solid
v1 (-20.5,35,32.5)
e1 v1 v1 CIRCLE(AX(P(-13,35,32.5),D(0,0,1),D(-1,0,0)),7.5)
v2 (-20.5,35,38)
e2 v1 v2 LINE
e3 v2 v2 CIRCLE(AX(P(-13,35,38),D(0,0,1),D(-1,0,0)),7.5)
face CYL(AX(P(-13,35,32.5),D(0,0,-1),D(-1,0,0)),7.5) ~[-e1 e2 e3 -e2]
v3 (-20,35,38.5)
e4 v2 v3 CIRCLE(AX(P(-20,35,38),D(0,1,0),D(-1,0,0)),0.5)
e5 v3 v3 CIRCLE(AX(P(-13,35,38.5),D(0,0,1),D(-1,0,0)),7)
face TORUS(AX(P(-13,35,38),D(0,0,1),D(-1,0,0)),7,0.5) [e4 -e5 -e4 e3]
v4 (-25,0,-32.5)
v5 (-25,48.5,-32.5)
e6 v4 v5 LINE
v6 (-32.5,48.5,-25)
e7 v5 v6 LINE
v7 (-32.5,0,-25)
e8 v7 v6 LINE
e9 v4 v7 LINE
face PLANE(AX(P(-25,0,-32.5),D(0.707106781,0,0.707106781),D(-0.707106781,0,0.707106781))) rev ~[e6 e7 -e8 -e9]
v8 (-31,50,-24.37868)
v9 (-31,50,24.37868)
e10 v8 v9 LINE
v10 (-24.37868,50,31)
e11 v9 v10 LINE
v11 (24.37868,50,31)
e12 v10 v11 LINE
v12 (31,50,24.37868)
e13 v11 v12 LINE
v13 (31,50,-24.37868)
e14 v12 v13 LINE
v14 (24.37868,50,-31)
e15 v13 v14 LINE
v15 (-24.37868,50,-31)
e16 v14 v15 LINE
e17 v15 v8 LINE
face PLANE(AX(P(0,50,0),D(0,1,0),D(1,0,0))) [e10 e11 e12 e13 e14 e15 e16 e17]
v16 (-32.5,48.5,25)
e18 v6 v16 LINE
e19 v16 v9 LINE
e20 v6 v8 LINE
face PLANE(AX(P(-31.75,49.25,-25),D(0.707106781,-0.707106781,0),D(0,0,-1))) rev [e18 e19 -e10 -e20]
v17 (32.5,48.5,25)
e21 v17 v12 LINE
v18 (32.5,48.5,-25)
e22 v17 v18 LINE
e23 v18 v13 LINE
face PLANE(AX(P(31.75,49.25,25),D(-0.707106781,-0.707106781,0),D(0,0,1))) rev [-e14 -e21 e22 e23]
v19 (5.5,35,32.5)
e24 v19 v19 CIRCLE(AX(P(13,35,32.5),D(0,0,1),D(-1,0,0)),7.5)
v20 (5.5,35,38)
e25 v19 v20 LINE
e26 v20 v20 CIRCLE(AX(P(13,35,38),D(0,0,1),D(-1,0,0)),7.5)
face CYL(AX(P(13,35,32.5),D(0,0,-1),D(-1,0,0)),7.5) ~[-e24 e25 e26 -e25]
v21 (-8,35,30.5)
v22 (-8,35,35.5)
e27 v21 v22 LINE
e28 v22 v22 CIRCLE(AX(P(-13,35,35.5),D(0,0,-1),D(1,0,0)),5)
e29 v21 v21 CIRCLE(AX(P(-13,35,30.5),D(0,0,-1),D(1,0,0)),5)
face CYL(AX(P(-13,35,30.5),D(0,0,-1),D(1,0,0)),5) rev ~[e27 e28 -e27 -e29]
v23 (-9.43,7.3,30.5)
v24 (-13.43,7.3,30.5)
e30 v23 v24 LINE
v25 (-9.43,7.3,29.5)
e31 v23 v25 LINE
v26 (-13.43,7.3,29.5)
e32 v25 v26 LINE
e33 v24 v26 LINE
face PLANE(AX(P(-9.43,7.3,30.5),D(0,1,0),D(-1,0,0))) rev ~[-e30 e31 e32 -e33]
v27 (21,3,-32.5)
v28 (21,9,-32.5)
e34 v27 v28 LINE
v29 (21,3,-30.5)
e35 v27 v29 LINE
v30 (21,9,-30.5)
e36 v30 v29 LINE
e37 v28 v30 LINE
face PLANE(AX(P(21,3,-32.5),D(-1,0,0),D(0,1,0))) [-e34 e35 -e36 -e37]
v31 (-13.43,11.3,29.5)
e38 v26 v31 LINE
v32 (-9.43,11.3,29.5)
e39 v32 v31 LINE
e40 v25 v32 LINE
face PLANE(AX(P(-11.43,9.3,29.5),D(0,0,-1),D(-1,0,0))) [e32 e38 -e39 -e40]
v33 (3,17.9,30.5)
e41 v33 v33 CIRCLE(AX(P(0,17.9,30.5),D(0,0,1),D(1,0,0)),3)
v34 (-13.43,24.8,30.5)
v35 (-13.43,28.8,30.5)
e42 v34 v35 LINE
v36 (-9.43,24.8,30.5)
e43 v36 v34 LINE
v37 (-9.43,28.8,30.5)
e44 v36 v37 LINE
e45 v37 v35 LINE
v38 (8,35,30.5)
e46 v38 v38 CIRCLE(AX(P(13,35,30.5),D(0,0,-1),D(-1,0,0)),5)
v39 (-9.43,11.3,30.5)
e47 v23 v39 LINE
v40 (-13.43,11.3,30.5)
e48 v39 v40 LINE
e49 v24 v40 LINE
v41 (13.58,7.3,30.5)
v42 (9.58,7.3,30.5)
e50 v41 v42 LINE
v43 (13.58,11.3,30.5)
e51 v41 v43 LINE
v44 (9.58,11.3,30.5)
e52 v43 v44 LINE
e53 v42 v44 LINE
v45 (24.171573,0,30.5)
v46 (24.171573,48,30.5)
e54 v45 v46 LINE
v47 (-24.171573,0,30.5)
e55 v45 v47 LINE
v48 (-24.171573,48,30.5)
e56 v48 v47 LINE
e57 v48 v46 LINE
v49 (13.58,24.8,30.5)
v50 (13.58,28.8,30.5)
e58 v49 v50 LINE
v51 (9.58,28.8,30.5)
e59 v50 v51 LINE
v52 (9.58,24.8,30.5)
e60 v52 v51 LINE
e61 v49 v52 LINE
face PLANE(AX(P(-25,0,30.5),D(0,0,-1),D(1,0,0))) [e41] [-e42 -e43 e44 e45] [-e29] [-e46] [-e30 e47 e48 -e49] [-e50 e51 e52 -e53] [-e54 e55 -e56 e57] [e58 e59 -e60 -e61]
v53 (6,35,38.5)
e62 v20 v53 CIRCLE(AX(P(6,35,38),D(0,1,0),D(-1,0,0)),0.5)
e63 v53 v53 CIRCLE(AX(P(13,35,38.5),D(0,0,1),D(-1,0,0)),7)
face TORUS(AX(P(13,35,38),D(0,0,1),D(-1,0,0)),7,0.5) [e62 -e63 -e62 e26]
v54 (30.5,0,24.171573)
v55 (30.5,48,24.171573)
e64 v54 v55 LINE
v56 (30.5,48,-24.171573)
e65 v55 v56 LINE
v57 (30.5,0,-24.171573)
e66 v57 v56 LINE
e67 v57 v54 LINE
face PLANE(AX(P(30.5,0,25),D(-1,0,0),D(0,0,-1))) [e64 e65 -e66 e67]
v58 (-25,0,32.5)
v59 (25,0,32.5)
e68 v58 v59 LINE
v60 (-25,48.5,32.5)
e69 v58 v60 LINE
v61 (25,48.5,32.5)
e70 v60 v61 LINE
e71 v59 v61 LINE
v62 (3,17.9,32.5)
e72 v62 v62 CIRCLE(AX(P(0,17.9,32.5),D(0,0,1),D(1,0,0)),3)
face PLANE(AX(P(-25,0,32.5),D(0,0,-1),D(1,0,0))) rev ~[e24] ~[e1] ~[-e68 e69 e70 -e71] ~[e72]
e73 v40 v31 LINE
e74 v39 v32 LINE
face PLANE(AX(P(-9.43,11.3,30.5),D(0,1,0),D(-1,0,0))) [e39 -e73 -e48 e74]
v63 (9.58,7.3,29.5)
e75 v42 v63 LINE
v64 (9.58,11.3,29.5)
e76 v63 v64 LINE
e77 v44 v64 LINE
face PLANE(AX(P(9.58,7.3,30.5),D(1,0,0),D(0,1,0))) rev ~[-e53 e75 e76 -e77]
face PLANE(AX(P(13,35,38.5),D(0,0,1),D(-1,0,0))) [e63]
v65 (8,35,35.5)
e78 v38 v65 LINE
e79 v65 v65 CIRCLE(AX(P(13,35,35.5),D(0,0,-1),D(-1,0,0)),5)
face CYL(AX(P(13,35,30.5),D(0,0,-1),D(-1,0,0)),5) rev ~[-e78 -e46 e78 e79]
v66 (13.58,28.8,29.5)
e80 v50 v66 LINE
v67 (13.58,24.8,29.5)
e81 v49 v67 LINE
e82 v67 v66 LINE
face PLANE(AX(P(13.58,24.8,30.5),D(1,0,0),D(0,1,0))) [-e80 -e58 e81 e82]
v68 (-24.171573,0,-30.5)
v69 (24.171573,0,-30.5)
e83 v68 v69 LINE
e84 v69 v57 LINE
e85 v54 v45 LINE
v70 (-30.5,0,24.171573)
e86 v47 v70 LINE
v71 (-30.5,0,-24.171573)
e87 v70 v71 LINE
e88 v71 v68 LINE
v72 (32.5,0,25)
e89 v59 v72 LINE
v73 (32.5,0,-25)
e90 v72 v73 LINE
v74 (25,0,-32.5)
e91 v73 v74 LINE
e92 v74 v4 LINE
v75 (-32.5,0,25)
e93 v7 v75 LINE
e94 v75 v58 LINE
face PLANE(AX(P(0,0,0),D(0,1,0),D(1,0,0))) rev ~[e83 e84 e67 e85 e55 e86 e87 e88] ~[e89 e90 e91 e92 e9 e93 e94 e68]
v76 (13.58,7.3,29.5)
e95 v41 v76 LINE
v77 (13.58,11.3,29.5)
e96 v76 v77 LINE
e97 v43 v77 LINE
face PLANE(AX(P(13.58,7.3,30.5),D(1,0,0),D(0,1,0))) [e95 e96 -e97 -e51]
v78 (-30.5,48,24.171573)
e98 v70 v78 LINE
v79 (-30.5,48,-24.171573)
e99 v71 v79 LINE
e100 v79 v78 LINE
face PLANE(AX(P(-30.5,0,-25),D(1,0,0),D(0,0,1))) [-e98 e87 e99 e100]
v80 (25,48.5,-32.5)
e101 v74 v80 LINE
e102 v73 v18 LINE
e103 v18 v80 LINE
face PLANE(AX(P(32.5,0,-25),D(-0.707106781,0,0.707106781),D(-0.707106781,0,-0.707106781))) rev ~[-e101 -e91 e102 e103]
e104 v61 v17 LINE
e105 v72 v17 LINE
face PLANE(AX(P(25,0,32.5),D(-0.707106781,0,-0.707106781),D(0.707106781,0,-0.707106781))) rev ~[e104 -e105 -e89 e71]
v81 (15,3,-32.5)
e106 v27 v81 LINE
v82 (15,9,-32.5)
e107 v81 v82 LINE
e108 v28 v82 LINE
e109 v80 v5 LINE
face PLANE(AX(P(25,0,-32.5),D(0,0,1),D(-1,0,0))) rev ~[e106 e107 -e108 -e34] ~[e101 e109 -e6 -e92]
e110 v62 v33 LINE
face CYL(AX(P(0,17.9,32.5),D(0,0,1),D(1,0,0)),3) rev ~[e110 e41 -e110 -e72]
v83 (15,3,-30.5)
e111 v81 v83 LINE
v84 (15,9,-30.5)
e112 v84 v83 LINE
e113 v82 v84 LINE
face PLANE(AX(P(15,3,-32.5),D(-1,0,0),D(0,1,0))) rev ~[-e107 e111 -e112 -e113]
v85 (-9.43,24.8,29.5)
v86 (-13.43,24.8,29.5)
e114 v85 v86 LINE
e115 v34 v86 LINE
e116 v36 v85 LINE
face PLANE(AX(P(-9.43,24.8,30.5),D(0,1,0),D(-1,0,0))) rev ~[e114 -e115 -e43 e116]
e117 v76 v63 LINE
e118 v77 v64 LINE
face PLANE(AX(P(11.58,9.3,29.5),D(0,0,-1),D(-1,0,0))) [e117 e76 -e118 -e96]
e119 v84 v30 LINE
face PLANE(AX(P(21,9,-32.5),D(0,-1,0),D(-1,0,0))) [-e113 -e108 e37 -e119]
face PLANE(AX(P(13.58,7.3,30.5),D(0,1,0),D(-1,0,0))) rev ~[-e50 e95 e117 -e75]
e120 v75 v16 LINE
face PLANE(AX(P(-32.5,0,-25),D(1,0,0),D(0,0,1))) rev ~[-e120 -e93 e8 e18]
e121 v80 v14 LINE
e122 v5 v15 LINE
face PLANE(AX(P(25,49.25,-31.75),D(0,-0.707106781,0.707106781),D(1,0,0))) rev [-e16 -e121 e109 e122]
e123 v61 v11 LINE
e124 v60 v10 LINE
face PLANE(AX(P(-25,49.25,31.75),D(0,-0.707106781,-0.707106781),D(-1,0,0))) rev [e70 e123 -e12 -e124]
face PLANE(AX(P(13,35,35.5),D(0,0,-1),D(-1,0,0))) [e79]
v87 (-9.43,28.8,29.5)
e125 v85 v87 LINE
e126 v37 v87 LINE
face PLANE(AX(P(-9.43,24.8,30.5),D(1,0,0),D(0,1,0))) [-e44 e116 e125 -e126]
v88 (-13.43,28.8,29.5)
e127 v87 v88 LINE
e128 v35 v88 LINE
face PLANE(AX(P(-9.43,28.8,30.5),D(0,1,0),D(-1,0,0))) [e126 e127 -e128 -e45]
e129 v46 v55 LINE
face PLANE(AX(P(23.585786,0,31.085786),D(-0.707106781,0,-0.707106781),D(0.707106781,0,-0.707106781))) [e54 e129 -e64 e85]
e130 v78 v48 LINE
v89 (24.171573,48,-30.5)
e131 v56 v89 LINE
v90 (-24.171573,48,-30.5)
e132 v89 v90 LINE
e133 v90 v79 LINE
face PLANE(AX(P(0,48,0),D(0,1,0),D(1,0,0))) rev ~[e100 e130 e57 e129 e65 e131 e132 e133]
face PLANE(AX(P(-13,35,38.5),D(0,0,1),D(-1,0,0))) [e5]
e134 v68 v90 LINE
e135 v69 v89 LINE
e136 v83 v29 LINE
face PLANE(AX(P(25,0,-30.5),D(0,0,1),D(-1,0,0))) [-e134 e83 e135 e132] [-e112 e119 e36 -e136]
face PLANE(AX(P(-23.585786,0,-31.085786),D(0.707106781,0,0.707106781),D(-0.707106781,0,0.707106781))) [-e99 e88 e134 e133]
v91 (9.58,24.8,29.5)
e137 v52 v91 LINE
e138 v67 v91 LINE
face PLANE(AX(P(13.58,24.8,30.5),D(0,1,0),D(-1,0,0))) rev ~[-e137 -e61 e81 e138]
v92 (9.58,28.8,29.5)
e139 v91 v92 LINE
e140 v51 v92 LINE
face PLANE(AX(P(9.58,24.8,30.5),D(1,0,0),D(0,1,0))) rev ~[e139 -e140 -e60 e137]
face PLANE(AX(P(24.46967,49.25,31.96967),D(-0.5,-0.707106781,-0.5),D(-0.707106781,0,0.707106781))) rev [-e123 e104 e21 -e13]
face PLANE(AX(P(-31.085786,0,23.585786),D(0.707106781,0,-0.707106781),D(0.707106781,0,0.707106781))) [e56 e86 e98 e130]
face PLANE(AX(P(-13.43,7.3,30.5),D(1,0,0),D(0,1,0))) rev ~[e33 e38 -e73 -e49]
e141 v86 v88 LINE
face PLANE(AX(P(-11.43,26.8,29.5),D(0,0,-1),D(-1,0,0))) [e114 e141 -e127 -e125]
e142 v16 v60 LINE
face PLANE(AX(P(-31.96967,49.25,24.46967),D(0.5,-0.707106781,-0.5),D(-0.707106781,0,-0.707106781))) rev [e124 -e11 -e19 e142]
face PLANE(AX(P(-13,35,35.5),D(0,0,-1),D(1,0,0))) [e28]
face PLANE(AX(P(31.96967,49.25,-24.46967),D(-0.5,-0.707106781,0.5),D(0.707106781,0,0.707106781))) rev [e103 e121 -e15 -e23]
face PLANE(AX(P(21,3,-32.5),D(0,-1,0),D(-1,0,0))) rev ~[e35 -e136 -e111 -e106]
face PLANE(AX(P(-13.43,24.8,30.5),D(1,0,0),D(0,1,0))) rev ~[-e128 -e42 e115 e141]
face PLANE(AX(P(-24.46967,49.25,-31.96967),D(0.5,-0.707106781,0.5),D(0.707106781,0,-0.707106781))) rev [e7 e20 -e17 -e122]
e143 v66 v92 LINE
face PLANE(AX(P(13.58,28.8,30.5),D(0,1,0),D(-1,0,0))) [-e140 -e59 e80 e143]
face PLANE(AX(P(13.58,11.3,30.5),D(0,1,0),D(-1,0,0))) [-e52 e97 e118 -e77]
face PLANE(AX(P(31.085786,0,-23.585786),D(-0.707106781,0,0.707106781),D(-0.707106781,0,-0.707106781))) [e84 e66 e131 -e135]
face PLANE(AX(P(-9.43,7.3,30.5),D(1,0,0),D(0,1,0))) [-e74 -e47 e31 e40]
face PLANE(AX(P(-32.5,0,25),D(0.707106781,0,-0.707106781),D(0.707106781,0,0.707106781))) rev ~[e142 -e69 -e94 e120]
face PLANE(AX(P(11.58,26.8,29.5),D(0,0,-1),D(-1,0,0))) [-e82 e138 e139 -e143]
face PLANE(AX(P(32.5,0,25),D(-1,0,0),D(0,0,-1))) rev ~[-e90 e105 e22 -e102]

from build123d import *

# Parameters (mm, degrees)
SALIENTE_EXTRUIR1_DEPTH = 50
VACIADO2_T              = -2
CHAFL_N3_SIZE           = 1.5
CROQUIS2_R              = 7.5
SALIENTE_EXTRUIR2_DEPTH = 6
CROQUIS4_R              = 5
CORTAR_EXTRUIR2_DEPTH   = 5
REDONDEO1_R             = 0.5
CROQUIS5_R              = 3
CORTAR_EXTRUIR3_DEPTH   = 10
CROQUIS6_W              = 6
CROQUIS6_H              = 6
CORTAR_EXTRUIR4_DEPTH   = 10
CROQUIS7_W              = 4
CROQUIS7_H              = 4
SALIENTE_EXTRUIR3_DEPTH = 1


with BuildPart() as part:
    # Croquis1 → Saliente-Extruir1 (new body)
    with BuildSketch(Plane(origin=(0, 0, 0), x_dir=(1, 0, 0), z_dir=(0, 1, 0))):
        Polygon((-25, -32.5), (25, -32.5), (32.5, -25), (32.5, 25), (25, 32.5), (-25, 32.5), (-32.5, 25), (-32.5, -25), align=None)
    extrude(amount=SALIENTE_EXTRUIR1_DEPTH)

    # Vaciado2
    vaciado2_openings = [part.faces().sort_by_distance(p)[0] for p in [
        (0, 0, 0),
    ]]
    offset(amount=VACIADO2_T, openings=vaciado2_openings, kind=Kind.INTERSECTION)

    # Chaflán3
    chafl_n3_edges = [part.edges().sort_by_distance(p)[0] for p in [
        (-28.75, 50, -28.75),
        (-32.5, 50, 0),
        (-28.75, 50, 28.75),
        (0, 50, 32.5),
        (28.75, 50, 28.75),
        (32.5, 50, 0),
        (28.75, 50, -28.75),
        (0, 50, -32.5),
    ]]
    chamfer(chafl_n3_edges, length=CHAFL_N3_SIZE)

    # Croquis2 → Saliente-Extruir2 (add)
    with BuildSketch(Plane.XY.offset(32.5)):
        with Locations(Location((13, 35, 0), (0, 0, 180))):
            Circle(CROQUIS2_R)
        with Locations(Location((-13, 35, 0), (0, 0, 180))):
            Circle(CROQUIS2_R)
    extrude(amount=SALIENTE_EXTRUIR2_DEPTH)

    # Croquis4 → Cortar-Extruir2 (cut)
    with BuildSketch(Plane(origin=(0, 0, 30.5), x_dir=(-1, 0, 0), z_dir=(0, 0, -1))):
        with Locations((-13, 35)):
            Circle(CROQUIS4_R)
        with Locations(Location((13, 35, 0), (0, 0, 180))):
            Circle(CROQUIS4_R)
    extrude(amount=-CORTAR_EXTRUIR2_DEPTH, mode=Mode.SUBTRACT)

    # Redondeo1
    redondeo1_edges = [part.edges().sort_by_distance(p)[0] for p in [
        (20.5, 35, 38.5),
        (-5.5, 35, 38.5),
    ]]
    fillet(redondeo1_edges, radius=REDONDEO1_R)

    # Croquis5 → Cortar-Extruir3 (cut)
    with BuildSketch(Plane.XY.offset(32.5)):
        with Locations((0, 17.9)):
            Circle(CROQUIS5_R)
    extrude(amount=-CORTAR_EXTRUIR3_DEPTH, mode=Mode.SUBTRACT)

    # Croquis6 → Cortar-Extruir4 (cut)
    with BuildSketch(Plane(origin=(0, 0, -32.5), x_dir=(-1, 0, 0), z_dir=(0, 0, -1))):
        with Locations((-18, 6)):
            Rectangle(CROQUIS6_W, CROQUIS6_H)
    extrude(amount=-CORTAR_EXTRUIR4_DEPTH, mode=Mode.SUBTRACT)

    # Croquis7 → Saliente-Extruir3 (add)
    with BuildSketch(Plane(origin=(0, 0, 30.5), x_dir=(-1, 0, 0), z_dir=(0, 0, -1))):
        with Locations((-11.58, 9.3)):
            Rectangle(CROQUIS7_W, CROQUIS7_H)
        with Locations((-11.58, 26.8)):
            Rectangle(CROQUIS7_W, CROQUIS7_H)
        with Locations((11.43, 9.3)):
            Rectangle(CROQUIS7_W, CROQUIS7_H)
        with Locations((11.43, 26.8)):
            Rectangle(CROQUIS7_W, CROQUIS7_H)
    extrude(amount=SALIENTE_EXTRUIR3_DEPTH)


solid = part.part
